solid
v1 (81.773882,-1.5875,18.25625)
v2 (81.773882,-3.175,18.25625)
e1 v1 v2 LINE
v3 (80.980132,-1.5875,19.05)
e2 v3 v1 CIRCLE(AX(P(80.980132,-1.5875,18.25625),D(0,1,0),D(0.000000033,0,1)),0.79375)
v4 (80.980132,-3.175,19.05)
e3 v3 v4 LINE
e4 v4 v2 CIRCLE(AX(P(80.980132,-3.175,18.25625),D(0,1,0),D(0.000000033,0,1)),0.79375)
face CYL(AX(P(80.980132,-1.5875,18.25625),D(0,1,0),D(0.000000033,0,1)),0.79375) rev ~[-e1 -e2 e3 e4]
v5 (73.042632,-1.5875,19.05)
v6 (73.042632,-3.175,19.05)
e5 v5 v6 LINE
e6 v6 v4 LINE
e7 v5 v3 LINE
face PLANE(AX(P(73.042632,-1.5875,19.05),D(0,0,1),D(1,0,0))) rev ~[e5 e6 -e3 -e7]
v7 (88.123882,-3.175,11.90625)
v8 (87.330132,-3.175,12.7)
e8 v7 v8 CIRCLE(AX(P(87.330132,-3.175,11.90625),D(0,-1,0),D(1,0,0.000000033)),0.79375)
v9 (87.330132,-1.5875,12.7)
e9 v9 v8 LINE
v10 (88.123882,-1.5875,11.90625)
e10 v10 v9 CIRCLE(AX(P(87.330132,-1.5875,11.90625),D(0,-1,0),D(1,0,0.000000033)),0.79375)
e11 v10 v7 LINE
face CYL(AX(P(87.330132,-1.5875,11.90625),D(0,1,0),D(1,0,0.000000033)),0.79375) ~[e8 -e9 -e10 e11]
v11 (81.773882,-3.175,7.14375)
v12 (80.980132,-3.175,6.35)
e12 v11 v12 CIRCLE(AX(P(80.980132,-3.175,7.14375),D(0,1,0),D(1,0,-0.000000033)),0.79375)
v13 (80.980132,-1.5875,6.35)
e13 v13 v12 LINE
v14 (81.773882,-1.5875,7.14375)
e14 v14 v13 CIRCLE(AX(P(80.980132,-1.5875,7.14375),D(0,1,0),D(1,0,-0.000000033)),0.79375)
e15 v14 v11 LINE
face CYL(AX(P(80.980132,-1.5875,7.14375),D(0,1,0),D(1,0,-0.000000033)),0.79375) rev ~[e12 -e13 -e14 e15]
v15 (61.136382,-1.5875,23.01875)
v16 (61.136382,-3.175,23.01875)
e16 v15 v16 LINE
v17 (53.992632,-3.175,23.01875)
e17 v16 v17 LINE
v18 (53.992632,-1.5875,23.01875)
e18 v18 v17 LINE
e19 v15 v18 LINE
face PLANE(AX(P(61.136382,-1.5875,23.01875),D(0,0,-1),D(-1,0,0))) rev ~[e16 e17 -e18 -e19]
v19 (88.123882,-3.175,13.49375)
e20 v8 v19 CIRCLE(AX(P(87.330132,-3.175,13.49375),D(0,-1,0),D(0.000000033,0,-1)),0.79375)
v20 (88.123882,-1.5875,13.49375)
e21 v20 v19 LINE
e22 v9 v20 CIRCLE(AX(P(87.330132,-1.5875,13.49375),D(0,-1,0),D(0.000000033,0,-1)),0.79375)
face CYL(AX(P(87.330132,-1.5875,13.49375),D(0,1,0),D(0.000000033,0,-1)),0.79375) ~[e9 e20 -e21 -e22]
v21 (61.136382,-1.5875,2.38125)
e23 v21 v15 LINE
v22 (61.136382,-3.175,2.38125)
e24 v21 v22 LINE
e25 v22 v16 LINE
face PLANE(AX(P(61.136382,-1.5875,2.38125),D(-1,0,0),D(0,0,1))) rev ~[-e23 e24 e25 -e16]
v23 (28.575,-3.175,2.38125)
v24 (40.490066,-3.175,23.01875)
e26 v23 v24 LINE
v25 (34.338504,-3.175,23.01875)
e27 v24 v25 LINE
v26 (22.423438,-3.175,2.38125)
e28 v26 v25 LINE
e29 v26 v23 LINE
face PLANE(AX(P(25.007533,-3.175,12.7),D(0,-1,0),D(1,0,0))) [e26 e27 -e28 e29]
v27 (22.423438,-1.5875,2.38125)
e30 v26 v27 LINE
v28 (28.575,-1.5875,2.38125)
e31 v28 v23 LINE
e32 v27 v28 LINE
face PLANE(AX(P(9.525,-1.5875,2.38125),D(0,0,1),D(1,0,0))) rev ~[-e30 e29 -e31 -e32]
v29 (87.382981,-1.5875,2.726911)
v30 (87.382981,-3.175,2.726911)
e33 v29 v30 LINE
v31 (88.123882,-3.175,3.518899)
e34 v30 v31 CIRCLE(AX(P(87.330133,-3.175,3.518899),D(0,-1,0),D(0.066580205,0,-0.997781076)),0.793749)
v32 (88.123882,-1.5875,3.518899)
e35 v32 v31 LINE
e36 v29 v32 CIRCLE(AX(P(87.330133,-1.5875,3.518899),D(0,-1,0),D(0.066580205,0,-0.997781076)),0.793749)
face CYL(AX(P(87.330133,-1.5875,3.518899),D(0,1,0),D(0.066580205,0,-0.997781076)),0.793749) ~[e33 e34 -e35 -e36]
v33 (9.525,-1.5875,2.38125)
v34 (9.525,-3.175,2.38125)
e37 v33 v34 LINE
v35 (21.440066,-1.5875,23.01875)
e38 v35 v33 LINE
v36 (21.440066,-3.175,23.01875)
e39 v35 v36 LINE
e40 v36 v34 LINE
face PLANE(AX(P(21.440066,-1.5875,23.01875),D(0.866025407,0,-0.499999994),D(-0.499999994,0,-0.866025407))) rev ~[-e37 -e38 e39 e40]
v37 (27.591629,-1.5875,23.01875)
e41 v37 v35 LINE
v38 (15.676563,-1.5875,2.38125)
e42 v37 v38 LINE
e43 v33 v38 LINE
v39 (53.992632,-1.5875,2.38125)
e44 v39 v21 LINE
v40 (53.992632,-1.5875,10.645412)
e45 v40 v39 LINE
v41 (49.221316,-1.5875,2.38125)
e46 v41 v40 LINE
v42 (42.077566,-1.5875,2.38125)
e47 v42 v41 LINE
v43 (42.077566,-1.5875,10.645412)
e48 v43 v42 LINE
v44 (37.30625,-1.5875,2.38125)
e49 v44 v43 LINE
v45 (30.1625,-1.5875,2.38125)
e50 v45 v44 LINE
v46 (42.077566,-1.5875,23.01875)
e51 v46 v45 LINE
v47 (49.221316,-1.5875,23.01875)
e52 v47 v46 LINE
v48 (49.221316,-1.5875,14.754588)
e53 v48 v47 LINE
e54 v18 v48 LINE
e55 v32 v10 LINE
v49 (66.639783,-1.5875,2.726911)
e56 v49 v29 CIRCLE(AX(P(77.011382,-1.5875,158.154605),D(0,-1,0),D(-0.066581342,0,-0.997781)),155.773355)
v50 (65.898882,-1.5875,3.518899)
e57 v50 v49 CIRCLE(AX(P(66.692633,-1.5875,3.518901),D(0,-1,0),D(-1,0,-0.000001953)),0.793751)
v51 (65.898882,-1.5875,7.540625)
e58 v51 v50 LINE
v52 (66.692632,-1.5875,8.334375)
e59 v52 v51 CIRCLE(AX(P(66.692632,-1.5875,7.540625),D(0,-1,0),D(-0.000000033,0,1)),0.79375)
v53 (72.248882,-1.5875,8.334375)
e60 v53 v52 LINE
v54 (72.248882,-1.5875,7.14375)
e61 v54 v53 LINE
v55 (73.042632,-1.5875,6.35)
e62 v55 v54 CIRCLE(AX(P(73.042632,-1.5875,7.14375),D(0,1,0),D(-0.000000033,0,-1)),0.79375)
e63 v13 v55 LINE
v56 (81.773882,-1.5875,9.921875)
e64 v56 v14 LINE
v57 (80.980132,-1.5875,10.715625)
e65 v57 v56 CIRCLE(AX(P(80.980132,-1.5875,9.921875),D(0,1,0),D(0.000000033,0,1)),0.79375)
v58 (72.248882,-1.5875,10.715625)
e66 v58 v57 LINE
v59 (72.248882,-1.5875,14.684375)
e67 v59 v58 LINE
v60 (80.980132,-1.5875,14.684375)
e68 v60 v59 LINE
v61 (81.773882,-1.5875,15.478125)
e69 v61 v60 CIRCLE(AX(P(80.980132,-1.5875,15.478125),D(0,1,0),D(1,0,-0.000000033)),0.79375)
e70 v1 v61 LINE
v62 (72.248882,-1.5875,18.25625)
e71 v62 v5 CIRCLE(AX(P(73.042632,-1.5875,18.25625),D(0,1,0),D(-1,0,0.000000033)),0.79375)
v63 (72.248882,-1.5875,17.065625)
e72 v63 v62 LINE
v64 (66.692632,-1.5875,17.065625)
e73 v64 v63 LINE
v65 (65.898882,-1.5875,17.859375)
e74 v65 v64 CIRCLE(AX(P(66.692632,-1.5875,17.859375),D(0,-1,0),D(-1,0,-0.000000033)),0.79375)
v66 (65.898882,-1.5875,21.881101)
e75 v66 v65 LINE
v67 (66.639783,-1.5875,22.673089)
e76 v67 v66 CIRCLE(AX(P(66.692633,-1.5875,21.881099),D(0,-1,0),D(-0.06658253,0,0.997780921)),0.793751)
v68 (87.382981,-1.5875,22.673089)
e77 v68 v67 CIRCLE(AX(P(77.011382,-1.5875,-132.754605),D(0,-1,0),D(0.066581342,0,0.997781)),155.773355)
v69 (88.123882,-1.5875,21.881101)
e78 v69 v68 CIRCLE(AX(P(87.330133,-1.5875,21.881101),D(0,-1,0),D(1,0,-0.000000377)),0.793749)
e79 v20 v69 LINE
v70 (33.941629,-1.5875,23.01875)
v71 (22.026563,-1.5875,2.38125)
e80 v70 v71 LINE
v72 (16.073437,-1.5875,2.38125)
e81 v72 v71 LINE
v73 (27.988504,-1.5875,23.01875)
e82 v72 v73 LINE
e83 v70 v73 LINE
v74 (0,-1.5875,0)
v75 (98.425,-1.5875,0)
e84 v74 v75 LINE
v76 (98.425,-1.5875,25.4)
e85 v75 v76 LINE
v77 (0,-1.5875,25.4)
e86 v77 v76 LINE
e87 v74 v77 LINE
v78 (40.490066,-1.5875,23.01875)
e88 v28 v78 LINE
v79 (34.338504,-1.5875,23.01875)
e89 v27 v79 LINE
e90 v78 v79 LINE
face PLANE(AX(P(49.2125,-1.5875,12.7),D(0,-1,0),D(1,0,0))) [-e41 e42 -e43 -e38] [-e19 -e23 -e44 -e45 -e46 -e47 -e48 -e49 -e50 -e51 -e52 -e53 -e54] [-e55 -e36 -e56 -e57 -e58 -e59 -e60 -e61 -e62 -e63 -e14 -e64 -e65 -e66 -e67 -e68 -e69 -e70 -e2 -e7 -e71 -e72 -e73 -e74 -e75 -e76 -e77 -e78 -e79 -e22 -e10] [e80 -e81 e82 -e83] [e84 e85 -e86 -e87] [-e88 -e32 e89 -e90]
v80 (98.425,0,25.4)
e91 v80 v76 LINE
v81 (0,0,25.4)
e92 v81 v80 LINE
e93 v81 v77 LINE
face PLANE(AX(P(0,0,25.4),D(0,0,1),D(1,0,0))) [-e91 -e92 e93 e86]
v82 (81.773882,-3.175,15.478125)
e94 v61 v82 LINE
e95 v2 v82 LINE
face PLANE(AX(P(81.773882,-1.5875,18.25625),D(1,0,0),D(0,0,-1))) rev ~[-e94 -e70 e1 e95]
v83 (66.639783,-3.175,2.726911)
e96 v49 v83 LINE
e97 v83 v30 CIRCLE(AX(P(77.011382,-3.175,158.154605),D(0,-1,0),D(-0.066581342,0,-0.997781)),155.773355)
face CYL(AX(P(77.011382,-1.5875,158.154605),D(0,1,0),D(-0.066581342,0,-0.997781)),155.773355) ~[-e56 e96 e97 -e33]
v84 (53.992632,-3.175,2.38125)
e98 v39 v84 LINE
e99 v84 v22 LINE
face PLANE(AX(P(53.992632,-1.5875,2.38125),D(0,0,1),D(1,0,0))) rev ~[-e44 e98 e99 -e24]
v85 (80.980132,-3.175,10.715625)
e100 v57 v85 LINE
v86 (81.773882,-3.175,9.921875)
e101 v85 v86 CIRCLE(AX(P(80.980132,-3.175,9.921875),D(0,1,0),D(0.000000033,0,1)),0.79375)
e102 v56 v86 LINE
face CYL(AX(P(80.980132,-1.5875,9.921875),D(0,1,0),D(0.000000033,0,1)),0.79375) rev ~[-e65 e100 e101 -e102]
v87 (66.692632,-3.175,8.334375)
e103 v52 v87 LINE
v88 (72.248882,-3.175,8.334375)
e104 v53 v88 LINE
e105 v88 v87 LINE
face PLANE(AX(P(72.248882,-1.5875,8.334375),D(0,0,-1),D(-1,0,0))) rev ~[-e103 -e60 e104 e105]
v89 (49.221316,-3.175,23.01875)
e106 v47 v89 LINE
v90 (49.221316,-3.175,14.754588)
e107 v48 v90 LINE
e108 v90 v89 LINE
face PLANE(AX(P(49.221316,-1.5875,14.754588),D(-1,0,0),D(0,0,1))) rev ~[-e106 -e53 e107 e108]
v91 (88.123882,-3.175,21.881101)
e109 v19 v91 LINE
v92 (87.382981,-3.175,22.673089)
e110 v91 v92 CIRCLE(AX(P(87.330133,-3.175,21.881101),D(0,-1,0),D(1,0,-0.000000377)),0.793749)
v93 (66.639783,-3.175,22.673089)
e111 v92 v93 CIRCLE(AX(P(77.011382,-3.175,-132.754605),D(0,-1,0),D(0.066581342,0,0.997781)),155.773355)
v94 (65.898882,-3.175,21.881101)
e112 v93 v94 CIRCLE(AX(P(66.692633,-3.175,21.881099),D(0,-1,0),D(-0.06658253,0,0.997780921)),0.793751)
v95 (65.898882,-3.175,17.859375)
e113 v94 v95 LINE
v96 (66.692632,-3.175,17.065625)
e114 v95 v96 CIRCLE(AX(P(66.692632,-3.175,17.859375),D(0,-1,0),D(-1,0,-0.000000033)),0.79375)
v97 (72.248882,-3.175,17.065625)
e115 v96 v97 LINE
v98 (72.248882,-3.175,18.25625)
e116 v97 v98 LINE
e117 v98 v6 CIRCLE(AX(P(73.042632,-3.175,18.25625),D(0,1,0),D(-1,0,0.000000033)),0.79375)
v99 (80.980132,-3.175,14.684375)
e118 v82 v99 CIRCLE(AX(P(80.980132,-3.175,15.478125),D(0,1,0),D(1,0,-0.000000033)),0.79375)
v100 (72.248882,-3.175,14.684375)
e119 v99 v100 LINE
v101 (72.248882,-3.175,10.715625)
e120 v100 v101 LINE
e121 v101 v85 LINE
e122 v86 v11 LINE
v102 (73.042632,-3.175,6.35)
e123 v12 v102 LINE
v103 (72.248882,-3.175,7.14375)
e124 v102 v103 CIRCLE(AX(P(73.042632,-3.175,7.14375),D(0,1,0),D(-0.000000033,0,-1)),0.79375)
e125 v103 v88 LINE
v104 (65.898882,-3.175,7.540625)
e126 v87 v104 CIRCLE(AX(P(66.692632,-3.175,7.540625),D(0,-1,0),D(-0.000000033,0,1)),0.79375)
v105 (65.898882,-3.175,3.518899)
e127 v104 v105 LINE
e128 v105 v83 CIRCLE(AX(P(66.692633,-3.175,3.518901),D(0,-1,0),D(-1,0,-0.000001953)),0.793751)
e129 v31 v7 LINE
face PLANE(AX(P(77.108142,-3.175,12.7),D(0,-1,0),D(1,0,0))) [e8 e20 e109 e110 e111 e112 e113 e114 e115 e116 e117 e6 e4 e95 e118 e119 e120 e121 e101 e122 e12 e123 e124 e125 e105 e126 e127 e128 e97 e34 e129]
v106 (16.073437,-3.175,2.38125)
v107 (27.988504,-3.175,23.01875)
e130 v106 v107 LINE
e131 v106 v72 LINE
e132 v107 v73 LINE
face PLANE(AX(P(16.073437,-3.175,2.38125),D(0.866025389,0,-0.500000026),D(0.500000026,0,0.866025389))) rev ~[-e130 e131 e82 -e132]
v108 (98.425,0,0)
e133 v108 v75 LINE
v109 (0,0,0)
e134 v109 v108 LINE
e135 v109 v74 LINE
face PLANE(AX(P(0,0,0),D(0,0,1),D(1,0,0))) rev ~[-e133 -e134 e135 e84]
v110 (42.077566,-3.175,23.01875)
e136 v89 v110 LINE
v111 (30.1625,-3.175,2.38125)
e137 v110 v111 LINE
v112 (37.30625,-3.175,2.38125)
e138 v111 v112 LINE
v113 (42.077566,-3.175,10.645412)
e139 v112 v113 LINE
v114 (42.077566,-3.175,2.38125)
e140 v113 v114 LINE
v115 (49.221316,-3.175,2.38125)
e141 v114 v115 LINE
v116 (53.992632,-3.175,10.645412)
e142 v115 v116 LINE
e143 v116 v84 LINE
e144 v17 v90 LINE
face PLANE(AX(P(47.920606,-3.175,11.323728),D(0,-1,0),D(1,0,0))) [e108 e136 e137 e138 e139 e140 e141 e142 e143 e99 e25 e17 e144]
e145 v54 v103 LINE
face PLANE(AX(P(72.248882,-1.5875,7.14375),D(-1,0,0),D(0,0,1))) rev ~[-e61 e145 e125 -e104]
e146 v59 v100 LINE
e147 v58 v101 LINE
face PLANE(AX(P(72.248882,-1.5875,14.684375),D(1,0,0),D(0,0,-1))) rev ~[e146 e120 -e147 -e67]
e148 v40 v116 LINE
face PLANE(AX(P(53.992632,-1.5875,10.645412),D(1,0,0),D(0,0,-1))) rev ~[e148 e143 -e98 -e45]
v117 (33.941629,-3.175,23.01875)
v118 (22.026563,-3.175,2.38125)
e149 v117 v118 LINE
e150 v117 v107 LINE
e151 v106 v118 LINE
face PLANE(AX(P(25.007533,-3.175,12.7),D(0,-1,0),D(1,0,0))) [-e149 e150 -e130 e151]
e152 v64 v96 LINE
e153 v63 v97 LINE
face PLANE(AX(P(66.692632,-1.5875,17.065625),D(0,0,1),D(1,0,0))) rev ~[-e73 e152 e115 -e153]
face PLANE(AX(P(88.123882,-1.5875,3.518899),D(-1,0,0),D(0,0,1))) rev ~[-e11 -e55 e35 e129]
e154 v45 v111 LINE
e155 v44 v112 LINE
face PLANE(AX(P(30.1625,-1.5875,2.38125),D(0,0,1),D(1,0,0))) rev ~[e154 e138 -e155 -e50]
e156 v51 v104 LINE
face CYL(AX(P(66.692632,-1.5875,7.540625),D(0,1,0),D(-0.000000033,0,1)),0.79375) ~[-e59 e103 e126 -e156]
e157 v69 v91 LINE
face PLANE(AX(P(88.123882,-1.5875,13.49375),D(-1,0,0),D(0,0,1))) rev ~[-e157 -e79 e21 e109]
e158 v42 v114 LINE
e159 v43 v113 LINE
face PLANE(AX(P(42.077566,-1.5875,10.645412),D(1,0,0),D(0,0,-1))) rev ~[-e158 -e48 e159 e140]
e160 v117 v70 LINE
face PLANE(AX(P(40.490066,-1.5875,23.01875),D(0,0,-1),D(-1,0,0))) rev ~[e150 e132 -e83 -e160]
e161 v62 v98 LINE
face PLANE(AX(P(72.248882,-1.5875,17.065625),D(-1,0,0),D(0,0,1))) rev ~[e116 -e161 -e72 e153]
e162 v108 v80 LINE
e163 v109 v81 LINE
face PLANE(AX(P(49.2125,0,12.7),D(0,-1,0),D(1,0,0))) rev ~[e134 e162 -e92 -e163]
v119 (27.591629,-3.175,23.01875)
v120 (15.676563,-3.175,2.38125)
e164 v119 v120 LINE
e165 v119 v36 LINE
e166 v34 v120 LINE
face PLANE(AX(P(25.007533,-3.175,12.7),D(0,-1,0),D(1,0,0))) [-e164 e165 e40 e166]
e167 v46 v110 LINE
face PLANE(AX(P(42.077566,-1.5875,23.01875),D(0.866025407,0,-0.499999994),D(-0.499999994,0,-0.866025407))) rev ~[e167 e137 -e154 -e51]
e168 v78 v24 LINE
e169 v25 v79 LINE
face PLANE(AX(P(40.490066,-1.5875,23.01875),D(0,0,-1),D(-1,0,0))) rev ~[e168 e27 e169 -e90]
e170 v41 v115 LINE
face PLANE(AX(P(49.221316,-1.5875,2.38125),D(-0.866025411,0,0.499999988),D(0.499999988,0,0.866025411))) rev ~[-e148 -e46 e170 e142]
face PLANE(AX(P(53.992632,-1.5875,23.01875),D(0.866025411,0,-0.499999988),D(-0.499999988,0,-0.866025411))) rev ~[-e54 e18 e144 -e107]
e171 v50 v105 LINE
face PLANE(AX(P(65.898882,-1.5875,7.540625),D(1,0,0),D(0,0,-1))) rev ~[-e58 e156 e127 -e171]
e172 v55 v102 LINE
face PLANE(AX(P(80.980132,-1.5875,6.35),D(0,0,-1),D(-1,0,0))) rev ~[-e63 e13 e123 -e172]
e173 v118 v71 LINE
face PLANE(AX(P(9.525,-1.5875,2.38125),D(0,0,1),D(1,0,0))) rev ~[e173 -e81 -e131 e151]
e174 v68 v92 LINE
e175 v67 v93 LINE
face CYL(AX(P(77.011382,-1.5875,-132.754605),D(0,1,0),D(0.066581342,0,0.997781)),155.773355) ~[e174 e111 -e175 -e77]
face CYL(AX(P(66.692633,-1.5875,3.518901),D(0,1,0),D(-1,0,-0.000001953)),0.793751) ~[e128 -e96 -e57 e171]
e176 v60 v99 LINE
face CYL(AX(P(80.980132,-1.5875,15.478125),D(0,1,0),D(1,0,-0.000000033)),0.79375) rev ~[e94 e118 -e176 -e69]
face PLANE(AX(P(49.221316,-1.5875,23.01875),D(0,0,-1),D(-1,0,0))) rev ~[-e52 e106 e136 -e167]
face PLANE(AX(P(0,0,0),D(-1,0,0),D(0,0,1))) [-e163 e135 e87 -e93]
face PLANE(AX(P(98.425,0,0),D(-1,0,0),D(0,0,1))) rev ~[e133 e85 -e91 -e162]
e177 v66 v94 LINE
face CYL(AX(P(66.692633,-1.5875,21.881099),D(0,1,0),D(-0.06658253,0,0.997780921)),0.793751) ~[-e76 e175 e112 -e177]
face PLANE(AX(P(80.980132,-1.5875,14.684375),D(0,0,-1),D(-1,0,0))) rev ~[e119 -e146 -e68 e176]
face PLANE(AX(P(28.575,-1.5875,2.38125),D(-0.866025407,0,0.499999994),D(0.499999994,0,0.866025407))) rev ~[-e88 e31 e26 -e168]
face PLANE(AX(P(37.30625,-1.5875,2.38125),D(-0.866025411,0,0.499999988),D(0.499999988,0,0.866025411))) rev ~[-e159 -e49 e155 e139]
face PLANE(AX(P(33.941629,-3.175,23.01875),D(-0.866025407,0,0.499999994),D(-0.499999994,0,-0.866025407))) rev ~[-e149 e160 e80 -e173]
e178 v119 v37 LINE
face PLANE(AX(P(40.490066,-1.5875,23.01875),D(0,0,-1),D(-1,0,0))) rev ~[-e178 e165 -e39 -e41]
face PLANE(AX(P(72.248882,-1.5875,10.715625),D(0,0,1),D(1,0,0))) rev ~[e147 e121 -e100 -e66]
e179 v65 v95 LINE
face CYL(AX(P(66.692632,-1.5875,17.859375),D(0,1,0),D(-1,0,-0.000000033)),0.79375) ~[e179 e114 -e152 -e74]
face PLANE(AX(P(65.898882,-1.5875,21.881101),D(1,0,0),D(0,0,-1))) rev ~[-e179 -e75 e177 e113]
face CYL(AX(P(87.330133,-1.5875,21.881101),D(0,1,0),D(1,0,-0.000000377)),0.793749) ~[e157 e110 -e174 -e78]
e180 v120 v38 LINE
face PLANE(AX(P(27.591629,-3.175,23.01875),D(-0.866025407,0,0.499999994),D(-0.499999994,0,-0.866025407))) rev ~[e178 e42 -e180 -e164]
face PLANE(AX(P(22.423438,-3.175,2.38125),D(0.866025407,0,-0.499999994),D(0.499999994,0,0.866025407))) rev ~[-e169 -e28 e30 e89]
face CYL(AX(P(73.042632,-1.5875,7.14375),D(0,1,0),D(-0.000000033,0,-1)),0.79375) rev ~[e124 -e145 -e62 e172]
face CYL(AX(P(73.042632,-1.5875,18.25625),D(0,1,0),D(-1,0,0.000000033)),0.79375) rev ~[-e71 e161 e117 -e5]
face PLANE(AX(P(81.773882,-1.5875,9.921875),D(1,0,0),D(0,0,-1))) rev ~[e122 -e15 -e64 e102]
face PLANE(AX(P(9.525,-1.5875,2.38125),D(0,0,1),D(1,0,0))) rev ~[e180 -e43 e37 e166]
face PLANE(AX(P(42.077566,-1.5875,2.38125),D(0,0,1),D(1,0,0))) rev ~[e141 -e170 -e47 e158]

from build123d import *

# Parameters (mm, degrees)
F0_W     = 98.425
F0_H     = 25.4
F1_DEPTH = 1.5875
F3_DEPTH = 1.5875
F5_DEPTH = 1.5875


with BuildPart() as f1:
    # F0 (on Front) → F1 (new body)
    with BuildSketch(Plane.XZ):
        with Locations((49.2125, 12.7)):
            Rectangle(F0_W, F0_H)
    extrude(amount=F1_DEPTH)

    # F2 (on face) → F3 (join)
    with BuildSketch(Plane.XZ.offset(1.5875)):
        Polygon((21.440066, 23.01875), (9.525, 2.38125), (28.575, 2.38125), (40.490066, 23.01875), align=None)
        Polygon((42.077566, 23.01875), (30.1625, 2.38125), (37.30625, 2.38125), (42.077566, 10.645412), (42.077566, 2.38125), (49.221316, 2.38125), (53.992632, 10.645412), (53.992632, 2.38125), (61.136382, 2.38125), (61.136382, 23.01875), (53.992632, 23.01875), (49.221316, 14.754588), (49.221316, 23.01875), align=None)
        with BuildLine():
            ThreePointArc((66.639783, 22.673089), (66.112983, 22.42336), (65.898882, 21.881101))
            Line((65.898882, 21.881101), (65.898882, 17.859375))
            ThreePointArc((65.898882, 17.859375), (66.131366, 17.298109), (66.692632, 17.065625))
            Line((66.692632, 17.065625), (72.248882, 17.065625))
            Line((72.248882, 17.065625), (72.248882, 18.25625))
            ThreePointArc((72.248882, 18.25625), (72.481366, 18.817516), (73.042632, 19.05))
            Line((73.042632, 19.05), (80.980132, 19.05))
            ThreePointArc((80.980132, 19.05), (81.541398, 18.817516), (81.773882, 18.25625))
            Line((81.773882, 18.25625), (81.773882, 15.478125))
            ThreePointArc((81.773882, 15.478125), (81.541398, 14.916859), (80.980132, 14.684375))
            Line((80.980132, 14.684375), (72.248882, 14.684375))
            Line((72.248882, 14.684375), (72.248882, 10.715625))
            Line((72.248882, 10.715625), (80.980132, 10.715625))
            ThreePointArc((80.980132, 10.715625), (81.541398, 10.483141), (81.773882, 9.921875))
            Line((81.773882, 9.921875), (81.773882, 7.14375))
            ThreePointArc((81.773882, 7.14375), (81.541398, 6.582484), (80.980132, 6.35))
            Line((80.980132, 6.35), (73.042632, 6.35))
            ThreePointArc((73.042632, 6.35), (72.481366, 6.582484), (72.248882, 7.14375))
            Line((72.248882, 7.14375), (72.248882, 8.334375))
            Line((72.248882, 8.334375), (66.692632, 8.334375))
            ThreePointArc((66.692632, 8.334375), (66.131366, 8.101891), (65.898882, 7.540625))
            Line((65.898882, 7.540625), (65.898882, 3.518899))
            ThreePointArc((65.898882, 3.518899), (66.112983, 2.97664), (66.639783, 2.726911))
            ThreePointArc((66.639783, 2.726911), (77.011382, 2.38125), (87.382981, 2.726911))
            ThreePointArc((87.382981, 2.726911), (87.909782, 2.97664), (88.123882, 3.518899))
            Line((88.123882, 3.518899), (88.123882, 11.90625))
            ThreePointArc((88.123882, 11.90625), (87.891398, 12.467516), (87.330132, 12.7))
            ThreePointArc((87.330132, 12.7), (87.891398, 12.932484), (88.123882, 13.49375))
            Line((88.123882, 13.49375), (88.123882, 16.867188))
            Line((88.123882, 16.867188), (88.123882, 21.881101))
            ThreePointArc((88.123882, 21.881101), (87.909782, 22.42336), (87.382981, 22.673089))
            ThreePointArc((87.382981, 22.673089), (77.011382, 23.01875), (66.639783, 22.673089))
        make_face()
    extrude(amount=F3_DEPTH)

    # F4 (on face) → F5 (cut, through all)
    with BuildSketch(Plane.XZ.offset(3.175)):
        Polygon((22.423438, 2.38125), (34.338504, 23.01875), (33.941629, 23.01875), (22.026563, 2.38125), align=None)
        Polygon((16.073437, 2.38125), (27.988504, 23.01875), (27.591629, 23.01875), (15.676563, 2.38125), align=None)
    extrude(amount=-F5_DEPTH, mode=Mode.SUBTRACT)


solid = f1.part
